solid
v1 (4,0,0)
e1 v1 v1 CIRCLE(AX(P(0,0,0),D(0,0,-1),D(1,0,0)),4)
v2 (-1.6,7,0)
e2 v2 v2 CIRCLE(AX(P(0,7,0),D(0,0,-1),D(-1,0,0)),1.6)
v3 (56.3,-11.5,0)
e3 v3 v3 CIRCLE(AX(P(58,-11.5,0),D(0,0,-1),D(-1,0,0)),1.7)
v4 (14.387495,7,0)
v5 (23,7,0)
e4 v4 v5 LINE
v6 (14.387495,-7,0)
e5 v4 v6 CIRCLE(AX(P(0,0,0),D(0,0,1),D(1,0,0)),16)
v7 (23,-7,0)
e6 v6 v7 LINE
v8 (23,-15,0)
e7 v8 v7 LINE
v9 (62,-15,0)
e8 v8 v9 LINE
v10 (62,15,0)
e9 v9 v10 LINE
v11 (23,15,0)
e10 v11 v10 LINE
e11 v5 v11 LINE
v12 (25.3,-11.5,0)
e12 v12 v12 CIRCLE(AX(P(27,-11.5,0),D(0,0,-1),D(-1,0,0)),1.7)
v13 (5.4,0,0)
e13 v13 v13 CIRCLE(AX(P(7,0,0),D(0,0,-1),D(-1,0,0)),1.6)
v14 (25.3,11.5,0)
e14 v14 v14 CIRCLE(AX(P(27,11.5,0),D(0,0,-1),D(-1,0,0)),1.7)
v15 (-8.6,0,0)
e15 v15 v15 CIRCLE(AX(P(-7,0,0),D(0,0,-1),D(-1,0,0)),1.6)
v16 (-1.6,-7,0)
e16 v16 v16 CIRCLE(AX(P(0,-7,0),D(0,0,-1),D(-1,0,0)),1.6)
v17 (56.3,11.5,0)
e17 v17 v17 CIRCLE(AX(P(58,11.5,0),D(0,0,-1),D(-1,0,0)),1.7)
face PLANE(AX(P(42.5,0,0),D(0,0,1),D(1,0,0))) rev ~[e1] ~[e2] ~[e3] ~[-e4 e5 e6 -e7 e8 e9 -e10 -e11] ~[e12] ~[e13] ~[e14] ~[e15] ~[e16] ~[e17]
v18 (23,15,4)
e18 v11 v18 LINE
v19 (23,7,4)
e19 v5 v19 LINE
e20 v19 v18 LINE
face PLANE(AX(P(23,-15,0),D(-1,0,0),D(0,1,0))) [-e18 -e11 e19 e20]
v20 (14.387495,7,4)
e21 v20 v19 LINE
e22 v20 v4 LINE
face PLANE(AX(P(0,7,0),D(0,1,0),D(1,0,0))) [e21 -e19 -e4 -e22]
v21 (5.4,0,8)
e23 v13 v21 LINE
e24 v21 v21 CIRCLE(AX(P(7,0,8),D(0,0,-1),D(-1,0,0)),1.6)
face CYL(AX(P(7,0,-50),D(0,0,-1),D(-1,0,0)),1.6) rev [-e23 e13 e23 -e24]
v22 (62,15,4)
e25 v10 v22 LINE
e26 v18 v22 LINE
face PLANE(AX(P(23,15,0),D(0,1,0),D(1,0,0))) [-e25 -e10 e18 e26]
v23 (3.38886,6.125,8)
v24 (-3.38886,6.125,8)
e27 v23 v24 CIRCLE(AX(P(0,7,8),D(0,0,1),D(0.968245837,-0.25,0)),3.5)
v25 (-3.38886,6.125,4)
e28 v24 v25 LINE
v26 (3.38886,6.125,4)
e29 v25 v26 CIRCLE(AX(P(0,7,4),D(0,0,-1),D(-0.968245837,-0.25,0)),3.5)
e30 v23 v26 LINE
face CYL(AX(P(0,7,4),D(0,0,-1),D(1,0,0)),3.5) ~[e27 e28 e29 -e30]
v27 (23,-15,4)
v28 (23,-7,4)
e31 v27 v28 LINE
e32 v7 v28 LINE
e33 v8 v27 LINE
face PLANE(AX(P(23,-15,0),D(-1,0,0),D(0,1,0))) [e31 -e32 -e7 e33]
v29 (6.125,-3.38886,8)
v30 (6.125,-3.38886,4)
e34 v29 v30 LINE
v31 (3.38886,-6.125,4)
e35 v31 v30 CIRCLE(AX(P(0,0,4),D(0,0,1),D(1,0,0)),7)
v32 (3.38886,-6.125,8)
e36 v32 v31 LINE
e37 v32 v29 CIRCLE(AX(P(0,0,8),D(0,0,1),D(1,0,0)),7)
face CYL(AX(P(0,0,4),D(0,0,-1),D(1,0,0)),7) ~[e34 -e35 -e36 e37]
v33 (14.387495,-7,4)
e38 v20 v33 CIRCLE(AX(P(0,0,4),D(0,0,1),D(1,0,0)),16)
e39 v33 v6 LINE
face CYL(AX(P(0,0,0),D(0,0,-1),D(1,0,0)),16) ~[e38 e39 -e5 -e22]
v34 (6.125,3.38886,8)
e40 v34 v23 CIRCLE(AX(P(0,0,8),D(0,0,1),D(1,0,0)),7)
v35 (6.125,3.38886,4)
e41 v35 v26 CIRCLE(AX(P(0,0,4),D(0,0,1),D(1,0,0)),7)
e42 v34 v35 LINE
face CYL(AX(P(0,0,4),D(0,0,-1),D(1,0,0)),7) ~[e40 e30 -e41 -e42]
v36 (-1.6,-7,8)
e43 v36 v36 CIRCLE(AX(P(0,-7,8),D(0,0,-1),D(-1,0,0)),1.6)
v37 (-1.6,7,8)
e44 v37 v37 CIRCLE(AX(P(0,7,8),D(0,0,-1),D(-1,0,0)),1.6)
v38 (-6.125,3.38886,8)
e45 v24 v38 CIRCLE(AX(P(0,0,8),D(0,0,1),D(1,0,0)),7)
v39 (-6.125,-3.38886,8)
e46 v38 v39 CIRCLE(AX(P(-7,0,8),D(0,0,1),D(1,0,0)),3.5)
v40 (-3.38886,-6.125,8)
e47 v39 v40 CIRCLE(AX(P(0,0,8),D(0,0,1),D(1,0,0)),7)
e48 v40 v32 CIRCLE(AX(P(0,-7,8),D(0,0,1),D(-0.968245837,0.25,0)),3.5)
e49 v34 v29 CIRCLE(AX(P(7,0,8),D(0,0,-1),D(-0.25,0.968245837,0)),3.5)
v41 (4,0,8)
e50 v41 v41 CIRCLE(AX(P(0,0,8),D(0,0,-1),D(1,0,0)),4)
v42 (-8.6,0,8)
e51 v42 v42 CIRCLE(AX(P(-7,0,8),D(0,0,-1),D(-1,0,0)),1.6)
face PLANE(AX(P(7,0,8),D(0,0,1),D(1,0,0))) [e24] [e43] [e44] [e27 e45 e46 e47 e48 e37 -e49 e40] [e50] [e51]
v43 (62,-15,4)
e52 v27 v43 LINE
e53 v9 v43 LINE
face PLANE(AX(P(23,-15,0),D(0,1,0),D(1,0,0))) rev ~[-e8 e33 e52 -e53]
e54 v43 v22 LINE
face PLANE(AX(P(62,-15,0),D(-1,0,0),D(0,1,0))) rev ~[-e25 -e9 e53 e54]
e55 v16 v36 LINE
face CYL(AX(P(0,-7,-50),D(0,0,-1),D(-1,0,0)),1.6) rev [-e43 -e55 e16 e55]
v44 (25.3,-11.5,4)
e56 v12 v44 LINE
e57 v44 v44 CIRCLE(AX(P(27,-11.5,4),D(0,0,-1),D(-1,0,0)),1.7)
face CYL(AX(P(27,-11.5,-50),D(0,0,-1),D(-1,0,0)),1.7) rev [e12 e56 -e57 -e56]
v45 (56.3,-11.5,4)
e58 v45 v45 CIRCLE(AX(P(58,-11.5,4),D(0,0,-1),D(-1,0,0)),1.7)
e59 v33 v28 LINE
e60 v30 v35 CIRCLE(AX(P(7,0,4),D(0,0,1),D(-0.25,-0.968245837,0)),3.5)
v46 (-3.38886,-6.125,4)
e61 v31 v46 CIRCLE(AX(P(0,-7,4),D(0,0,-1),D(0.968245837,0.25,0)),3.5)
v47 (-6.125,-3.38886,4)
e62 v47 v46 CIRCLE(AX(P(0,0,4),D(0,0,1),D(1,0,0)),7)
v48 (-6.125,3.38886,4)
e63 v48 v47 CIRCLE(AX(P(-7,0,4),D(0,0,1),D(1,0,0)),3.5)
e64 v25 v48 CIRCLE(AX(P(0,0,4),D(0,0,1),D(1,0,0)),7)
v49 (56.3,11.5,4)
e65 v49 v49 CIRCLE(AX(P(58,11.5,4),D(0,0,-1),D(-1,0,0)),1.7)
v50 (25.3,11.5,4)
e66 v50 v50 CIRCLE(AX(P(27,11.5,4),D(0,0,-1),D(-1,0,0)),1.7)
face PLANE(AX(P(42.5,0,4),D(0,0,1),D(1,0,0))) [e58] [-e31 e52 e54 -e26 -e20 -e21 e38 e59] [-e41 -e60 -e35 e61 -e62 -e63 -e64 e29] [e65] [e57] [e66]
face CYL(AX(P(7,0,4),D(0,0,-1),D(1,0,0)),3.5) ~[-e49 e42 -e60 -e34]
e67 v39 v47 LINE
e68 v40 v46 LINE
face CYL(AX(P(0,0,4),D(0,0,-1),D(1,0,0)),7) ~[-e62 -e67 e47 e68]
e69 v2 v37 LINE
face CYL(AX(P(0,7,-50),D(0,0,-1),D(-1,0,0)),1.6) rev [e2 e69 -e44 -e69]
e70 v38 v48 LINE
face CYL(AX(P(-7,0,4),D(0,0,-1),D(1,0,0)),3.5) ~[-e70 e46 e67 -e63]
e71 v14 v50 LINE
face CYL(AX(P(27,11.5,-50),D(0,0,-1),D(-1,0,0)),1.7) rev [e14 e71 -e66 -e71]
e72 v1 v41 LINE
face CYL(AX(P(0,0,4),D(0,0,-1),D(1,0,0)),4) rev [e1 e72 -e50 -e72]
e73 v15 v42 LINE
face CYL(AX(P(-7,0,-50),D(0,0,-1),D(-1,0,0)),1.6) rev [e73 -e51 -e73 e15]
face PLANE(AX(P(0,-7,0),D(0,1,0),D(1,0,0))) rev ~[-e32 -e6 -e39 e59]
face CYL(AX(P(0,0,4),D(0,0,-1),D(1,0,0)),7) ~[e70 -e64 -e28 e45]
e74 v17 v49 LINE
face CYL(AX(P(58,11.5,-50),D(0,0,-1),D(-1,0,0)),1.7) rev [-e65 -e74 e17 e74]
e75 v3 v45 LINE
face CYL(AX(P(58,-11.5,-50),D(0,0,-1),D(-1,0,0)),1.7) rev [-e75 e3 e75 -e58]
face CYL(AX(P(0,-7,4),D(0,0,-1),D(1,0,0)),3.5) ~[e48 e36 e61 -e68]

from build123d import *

# Parameters (mm, degrees)
METAL_HORN_FLANGE_PROFILE_R              = 16
METAL_HORN_FLANGE_DEPTH                  = 4
STRAIGHT_FOREARM_WEB_PROFILE_W           = 28
STRAIGHT_FOREARM_WEB_PROFILE_H           = 14
STRAIGHT_FOREARM_WEB_DEPTH               = 4
REPLACEABLE_TOOL_MOUNTING_DECK_PROFILE_W = 39
REPLACEABLE_TOOL_MOUNTING_DECK_PROFILE_H = 30
REPLACEABLE_TOOL_MOUNTING_DECK_DEPTH     = 4
DOWEL_SUPPORT_HUB_START                  = 4
DOWEL_SUPPORT_HUB_PROFILE_R              = 7
DOWEL_SUPPORT_HUB_PROFILE_R_2            = 4
DOWEL_SUPPORT_HUB_DEPTH                  = 4
WASHER_SEATS_CLEAR_DOWEL_SLEEVE_START    = 4
RAISED_WASHER_SEATS_PCD14_R              = 3.5
WASHER_SEATS_CLEAR_DOWEL_SLEEVE_DEPTH    = 4
METAL_HORN_M3_PATTERN_START              = -50
METAL_HORN_M3_PATTERN_PROFILE_R          = 1.6
METAL_HORN_M3_PATTERN_DEPTH              = 115.52906322
ELBOW_SLEEVE_BORE_START                  = -50
ELBOW_SLEEVE_BORE_PROFILE_R              = 4
ELBOW_SLEEVE_BORE_DEPTH                  = 115.52906322
MODULAR_TOOL_FOUR_M3_PATTERN_START       = -50
MODULAR_TOOL_FOUR_M3_PATTERN_PROFILE_R   = 1.7
MODULAR_TOOL_FOUR_M3_PATTERN_DEPTH       = 115.52906322


with BuildPart() as part:
    # Metal_horn_flange_profile → Metal_horn_flange (new body)
    with BuildSketch(Plane.XY):
        Circle(METAL_HORN_FLANGE_PROFILE_R)
    extrude(amount=METAL_HORN_FLANGE_DEPTH)

    # Straight_forearm_web_profile → Straight_forearm_web (add)
    with BuildSketch(Plane.XY):
        with Locations((14, 0)):
            Rectangle(STRAIGHT_FOREARM_WEB_PROFILE_W, STRAIGHT_FOREARM_WEB_PROFILE_H)
    extrude(amount=STRAIGHT_FOREARM_WEB_DEPTH)

    # Replaceable_tool_mounting_deck_profile → Replaceable_tool_mounting_deck (add)
    with BuildSketch(Plane.XY):
        with Locations((42.5, 0)):
            Rectangle(REPLACEABLE_TOOL_MOUNTING_DECK_PROFILE_W, REPLACEABLE_TOOL_MOUNTING_DECK_PROFILE_H)
    extrude(amount=REPLACEABLE_TOOL_MOUNTING_DECK_DEPTH)

    # Dowel_support_hub_profile → Dowel_support_hub (add)
    with BuildSketch(Plane.XY.offset(DOWEL_SUPPORT_HUB_START)):
        Circle(DOWEL_SUPPORT_HUB_PROFILE_R)
        Circle(DOWEL_SUPPORT_HUB_PROFILE_R_2, mode=Mode.SUBTRACT)
    extrude(amount=DOWEL_SUPPORT_HUB_DEPTH)

    # Raised_washer_seats_PCD14 → Washer_seats_clear_dowel_sleeve (add)
    with BuildSketch(Plane.XY.offset(WASHER_SEATS_CLEAR_DOWEL_SLEEVE_START)):
        with Locations((7, 0)):
            Circle(RAISED_WASHER_SEATS_PCD14_R)
        with Locations((-7, 0)):
            Circle(RAISED_WASHER_SEATS_PCD14_R)
        with Locations((0, 7)):
            Circle(RAISED_WASHER_SEATS_PCD14_R)
        with Locations((0, -7)):
            Circle(RAISED_WASHER_SEATS_PCD14_R)
    extrude(amount=WASHER_SEATS_CLEAR_DOWEL_SLEEVE_DEPTH)

    # Metal_horn_M3_pattern_profile → Metal_horn_M3_pattern (cut, through all)
    with BuildSketch(Plane.XY.offset(METAL_HORN_M3_PATTERN_START)):
        with Locations(Location((7, 0, 0), (0, 0, 180))):
            Circle(METAL_HORN_M3_PATTERN_PROFILE_R)
        with Locations(Location((-7, 0, 0), (0, 0, 180))):
            Circle(METAL_HORN_M3_PATTERN_PROFILE_R)
        with Locations(Location((0, 7, 0), (0, 0, 180))):
            Circle(METAL_HORN_M3_PATTERN_PROFILE_R)
        with Locations(Location((0, -7, 0), (0, 0, 180))):
            Circle(METAL_HORN_M3_PATTERN_PROFILE_R)
    extrude(amount=METAL_HORN_M3_PATTERN_DEPTH, mode=Mode.SUBTRACT)

    # Elbow_sleeve_bore_profile → Elbow_sleeve_bore (cut, through all)
    with BuildSketch(Plane.XY.offset(ELBOW_SLEEVE_BORE_START)):
        Circle(ELBOW_SLEEVE_BORE_PROFILE_R)
    extrude(amount=ELBOW_SLEEVE_BORE_DEPTH, mode=Mode.SUBTRACT)

    # Modular_tool_four_M3_pattern_profile → Modular_tool_four_M3_pattern (cut, through all)
    with BuildSketch(Plane.XY.offset(MODULAR_TOOL_FOUR_M3_PATTERN_START)):
        with Locations(Location((27, -11.5, 0), (0, 0, 180))):
            Circle(MODULAR_TOOL_FOUR_M3_PATTERN_PROFILE_R)
        with Locations(Location((27, 11.5, 0), (0, 0, 180))):
            Circle(MODULAR_TOOL_FOUR_M3_PATTERN_PROFILE_R)
        with Locations(Location((58, -11.5, 0), (0, 0, 180))):
            Circle(MODULAR_TOOL_FOUR_M3_PATTERN_PROFILE_R)
        with Locations(Location((58, 11.5, 0), (0, 0, 180))):
            Circle(MODULAR_TOOL_FOUR_M3_PATTERN_PROFILE_R)
    extrude(amount=MODULAR_TOOL_FOUR_M3_PATTERN_DEPTH, mode=Mode.SUBTRACT)


solid = part.part
